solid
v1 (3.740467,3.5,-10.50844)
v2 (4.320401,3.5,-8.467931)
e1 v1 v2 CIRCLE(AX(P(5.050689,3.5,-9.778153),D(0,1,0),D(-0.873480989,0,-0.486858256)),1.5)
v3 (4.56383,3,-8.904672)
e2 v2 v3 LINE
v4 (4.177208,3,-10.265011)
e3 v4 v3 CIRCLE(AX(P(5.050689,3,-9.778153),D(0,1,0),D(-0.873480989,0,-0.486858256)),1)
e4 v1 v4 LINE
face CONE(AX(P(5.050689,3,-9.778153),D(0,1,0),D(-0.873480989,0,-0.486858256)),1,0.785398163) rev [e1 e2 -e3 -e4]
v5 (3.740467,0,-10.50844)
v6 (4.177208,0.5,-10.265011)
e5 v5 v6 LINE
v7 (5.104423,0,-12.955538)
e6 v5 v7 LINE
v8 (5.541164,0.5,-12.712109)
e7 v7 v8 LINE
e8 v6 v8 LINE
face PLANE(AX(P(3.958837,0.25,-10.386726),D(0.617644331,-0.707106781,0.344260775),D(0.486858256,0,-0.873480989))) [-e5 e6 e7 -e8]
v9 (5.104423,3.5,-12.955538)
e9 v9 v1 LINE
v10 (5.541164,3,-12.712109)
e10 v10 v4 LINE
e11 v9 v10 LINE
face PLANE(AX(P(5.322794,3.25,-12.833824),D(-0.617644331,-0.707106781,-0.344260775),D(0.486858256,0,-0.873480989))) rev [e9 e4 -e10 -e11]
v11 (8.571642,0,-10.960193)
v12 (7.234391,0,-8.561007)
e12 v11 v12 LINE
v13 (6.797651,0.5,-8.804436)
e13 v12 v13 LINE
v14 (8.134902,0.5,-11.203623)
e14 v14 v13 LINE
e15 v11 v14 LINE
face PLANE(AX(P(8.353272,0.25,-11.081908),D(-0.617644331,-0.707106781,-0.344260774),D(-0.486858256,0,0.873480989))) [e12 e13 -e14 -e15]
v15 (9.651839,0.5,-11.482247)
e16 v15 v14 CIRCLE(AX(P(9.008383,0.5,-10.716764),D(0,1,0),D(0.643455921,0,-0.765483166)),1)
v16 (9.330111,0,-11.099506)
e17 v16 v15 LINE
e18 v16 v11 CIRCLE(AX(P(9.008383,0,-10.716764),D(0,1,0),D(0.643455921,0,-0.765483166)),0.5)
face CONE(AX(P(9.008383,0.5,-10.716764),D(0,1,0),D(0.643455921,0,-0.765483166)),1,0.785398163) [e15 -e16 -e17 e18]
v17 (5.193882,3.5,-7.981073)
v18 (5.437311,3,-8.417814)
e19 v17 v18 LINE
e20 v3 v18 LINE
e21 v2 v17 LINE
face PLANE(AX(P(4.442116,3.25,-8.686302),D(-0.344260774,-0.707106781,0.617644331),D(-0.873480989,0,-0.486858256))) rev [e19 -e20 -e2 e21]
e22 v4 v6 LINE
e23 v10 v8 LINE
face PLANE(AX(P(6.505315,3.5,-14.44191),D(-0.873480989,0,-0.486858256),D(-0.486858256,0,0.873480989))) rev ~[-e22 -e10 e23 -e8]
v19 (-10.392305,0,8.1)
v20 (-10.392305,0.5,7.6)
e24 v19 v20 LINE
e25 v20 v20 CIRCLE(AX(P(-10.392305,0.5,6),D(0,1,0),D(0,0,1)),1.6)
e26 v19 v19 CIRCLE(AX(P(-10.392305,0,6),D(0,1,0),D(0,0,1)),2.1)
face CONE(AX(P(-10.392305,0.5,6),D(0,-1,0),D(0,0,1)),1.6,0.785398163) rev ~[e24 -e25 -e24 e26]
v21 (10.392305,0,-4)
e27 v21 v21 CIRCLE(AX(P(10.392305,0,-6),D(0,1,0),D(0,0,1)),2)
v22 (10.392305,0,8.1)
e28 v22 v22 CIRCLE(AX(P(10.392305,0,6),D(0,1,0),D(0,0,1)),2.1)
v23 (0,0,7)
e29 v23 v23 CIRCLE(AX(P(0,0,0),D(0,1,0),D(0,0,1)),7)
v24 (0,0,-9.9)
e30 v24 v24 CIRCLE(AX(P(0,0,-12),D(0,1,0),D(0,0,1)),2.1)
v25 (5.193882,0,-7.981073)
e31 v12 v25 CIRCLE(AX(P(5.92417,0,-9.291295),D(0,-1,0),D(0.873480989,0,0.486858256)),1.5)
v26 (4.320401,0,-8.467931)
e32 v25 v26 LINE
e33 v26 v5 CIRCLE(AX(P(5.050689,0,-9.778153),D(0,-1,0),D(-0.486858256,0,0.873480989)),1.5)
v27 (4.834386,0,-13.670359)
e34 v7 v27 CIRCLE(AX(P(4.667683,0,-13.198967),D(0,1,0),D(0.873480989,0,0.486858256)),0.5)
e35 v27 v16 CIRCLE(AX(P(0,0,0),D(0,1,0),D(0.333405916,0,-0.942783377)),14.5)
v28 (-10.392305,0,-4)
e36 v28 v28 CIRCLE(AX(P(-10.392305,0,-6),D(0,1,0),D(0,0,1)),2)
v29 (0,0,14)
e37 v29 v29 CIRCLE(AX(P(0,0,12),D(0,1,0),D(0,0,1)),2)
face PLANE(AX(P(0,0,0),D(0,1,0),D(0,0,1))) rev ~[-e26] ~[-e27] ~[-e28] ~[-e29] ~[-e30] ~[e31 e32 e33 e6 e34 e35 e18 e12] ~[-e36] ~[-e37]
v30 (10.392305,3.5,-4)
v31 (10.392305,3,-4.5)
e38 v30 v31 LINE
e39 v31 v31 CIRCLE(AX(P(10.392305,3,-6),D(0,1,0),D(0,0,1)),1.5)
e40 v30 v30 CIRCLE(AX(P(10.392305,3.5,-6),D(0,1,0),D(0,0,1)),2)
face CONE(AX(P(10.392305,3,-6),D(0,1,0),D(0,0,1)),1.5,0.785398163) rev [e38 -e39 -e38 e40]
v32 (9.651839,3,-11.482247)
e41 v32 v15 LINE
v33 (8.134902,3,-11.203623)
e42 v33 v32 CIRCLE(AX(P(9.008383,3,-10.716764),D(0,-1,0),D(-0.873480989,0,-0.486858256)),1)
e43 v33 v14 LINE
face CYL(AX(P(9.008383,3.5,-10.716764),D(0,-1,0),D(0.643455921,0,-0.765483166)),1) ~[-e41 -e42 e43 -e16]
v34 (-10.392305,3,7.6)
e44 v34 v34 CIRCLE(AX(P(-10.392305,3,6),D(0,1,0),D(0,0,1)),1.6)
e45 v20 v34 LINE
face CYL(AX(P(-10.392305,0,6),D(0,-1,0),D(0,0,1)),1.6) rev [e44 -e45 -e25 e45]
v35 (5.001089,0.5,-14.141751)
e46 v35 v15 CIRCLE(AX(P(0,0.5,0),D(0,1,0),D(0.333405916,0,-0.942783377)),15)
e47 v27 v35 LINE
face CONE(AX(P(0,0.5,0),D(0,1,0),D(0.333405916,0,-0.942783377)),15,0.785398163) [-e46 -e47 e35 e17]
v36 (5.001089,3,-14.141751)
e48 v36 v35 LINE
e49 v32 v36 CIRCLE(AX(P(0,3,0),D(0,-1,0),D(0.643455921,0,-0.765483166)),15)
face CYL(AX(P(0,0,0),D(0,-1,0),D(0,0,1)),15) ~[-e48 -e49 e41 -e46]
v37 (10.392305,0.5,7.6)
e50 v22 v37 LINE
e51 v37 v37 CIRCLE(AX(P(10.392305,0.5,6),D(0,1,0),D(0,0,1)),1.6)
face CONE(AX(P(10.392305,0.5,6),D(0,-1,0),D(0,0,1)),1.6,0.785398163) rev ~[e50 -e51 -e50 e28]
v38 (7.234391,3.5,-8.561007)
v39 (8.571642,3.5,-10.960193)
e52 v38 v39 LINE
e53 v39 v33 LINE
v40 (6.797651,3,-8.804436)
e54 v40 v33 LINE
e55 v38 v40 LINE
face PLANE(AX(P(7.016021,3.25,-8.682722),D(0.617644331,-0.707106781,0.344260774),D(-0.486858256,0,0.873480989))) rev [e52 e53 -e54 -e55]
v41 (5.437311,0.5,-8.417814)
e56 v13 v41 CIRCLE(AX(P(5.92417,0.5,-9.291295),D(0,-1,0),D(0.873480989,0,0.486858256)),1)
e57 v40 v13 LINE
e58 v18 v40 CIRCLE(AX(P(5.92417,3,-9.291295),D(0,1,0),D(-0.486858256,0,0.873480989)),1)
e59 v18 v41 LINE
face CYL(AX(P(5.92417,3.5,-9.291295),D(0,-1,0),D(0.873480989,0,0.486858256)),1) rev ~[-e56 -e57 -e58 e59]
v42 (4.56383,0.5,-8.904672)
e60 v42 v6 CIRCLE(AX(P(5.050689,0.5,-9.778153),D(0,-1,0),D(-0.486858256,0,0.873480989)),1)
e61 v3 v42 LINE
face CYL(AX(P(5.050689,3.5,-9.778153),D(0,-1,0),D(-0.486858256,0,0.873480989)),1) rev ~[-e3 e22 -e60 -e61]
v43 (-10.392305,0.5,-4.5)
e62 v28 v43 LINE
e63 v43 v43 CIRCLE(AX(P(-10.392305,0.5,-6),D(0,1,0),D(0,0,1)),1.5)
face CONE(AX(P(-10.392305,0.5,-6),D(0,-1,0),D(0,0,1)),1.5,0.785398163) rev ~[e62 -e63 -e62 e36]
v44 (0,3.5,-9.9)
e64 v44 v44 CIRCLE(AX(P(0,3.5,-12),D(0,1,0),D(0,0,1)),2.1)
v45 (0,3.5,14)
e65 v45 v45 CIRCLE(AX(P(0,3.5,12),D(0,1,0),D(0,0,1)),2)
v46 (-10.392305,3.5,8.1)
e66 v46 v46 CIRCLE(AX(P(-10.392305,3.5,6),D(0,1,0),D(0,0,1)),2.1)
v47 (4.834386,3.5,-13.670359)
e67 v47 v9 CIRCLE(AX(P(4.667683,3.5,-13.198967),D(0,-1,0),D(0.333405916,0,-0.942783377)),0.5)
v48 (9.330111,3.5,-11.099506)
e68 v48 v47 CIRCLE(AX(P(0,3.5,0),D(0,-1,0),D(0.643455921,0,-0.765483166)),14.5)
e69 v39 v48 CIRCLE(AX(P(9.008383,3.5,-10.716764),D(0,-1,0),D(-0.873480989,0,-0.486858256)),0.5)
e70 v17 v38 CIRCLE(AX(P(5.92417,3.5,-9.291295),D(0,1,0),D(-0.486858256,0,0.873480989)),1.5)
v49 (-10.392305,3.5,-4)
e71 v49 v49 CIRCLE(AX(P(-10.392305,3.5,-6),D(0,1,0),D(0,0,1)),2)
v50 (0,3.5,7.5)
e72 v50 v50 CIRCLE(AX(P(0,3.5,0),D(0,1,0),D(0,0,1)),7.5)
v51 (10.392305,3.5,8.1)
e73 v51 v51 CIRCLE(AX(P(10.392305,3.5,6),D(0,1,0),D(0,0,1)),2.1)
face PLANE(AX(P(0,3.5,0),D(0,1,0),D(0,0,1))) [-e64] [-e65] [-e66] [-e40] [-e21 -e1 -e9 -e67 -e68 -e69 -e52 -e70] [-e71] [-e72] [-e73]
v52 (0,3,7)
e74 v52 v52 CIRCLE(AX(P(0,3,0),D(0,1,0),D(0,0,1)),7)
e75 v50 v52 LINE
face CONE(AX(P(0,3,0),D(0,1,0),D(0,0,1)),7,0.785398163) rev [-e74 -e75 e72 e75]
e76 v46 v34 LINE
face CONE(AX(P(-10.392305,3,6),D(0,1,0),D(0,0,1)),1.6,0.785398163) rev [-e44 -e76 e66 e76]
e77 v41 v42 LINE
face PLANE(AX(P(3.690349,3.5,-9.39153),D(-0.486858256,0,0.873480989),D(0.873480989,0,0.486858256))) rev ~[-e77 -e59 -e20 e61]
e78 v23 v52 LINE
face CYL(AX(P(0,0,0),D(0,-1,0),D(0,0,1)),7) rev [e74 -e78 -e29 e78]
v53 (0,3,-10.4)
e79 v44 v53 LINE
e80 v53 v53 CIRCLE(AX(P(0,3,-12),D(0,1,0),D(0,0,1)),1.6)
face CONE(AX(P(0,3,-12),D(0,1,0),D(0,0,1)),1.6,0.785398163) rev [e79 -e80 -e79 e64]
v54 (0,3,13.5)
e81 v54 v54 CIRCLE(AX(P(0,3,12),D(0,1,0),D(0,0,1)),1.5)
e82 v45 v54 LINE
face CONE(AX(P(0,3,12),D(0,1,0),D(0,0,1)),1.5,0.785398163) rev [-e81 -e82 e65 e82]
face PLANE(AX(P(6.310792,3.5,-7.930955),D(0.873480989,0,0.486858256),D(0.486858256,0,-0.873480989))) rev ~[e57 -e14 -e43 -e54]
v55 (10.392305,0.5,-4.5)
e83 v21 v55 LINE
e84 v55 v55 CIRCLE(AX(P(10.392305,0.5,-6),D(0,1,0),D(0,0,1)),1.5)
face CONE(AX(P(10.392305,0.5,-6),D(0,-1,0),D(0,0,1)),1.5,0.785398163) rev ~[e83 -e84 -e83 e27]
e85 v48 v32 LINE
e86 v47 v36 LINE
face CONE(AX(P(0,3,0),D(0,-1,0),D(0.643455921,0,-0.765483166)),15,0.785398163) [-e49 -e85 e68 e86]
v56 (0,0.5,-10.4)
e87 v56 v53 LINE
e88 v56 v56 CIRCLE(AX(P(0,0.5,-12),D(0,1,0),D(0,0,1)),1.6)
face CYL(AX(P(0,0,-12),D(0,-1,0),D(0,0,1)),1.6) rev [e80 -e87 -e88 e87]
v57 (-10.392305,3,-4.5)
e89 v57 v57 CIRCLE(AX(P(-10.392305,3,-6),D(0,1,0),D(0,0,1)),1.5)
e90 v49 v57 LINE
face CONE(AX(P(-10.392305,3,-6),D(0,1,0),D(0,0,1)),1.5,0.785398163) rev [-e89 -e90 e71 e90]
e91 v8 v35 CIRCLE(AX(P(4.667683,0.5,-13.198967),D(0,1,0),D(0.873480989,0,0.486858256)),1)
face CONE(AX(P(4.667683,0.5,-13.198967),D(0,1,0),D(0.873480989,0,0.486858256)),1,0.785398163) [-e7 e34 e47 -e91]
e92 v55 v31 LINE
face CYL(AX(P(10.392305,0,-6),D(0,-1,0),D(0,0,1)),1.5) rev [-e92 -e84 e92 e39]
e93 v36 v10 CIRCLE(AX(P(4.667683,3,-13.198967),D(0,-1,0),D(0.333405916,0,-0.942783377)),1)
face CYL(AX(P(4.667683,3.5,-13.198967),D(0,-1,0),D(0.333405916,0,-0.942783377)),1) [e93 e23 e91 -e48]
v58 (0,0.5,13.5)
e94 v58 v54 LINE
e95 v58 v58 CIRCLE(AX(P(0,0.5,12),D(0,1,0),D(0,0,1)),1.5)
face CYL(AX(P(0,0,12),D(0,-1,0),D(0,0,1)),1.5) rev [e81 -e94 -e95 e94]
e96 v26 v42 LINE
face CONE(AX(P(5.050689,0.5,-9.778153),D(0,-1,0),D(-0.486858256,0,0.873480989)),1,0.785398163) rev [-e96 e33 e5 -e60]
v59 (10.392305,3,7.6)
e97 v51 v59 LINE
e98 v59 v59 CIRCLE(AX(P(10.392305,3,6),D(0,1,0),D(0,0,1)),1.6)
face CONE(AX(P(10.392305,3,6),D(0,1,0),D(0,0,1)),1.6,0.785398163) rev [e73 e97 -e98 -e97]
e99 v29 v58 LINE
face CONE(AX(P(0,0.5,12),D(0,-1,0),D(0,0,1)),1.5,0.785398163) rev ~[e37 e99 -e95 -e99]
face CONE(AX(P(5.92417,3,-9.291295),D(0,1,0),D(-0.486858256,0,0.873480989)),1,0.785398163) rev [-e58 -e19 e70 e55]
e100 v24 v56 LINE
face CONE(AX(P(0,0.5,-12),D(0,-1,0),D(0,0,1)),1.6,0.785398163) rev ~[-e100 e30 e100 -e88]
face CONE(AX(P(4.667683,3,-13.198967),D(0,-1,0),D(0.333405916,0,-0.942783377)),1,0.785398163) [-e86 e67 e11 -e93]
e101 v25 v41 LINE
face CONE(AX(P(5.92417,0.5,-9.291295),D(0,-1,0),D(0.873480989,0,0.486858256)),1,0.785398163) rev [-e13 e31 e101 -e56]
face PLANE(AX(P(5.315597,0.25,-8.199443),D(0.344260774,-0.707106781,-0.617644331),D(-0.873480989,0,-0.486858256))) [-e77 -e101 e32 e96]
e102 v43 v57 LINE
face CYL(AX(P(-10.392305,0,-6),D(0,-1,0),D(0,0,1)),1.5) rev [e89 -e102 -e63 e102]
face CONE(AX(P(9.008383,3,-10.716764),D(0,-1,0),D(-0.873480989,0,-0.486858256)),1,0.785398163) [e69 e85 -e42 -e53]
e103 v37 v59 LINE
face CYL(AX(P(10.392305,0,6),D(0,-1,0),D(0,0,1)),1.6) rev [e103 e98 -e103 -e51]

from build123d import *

# Parameters (mm, degrees)
SKETCH_1_R          = 15
SKETCH_1_R_2        = 1.6
SKETCH_1_R_3        = 1.5
SKETCH_1_R_4        = 7
EXTRUDE_1_DEPTH     = 3.5
CUT_EXTRUDE_1_DEPTH = 8
FILLET_1_R          = 1
FILLET_2_R          = 1
CHAMFER_1_SIZE      = 0.5


with BuildPart() as part:
    # 草图1 → 凸台-拉伸1 (new body)
    with BuildSketch(Plane(origin=(0, 0, 0), x_dir=(1, 0, 0), z_dir=(0, 1, 0))):
        with Locations(Location((0, 0, 0), (0, 0, 270))):
            Circle(SKETCH_1_R)
        with Locations(Location((0, 12, 0), (0, 0, 270))):
            Circle(SKETCH_1_R_2, mode=Mode.SUBTRACT)
        with Locations(Location((10.392304845, -6, 0), (0, 0, 270))):
            Circle(SKETCH_1_R_2, mode=Mode.SUBTRACT)
        with Locations(Location((-10.392304845, -6, 0), (0, 0, 270))):
            Circle(SKETCH_1_R_2, mode=Mode.SUBTRACT)
        with Locations(Location((10.392304845, 6, 0), (0, 0, 270))):
            Circle(SKETCH_1_R_3, mode=Mode.SUBTRACT)
        with Locations(Location((0, -12, 0), (0, 0, 270))):
            Circle(SKETCH_1_R_3, mode=Mode.SUBTRACT)
        with Locations(Location((-10.392304845, 6, 0), (0, 0, 270))):
            Circle(SKETCH_1_R_3, mode=Mode.SUBTRACT)
        with Locations(Location((0, 0, 0), (0, 0, 270))):
            Circle(SKETCH_1_R_4, mode=Mode.SUBTRACT)
    extrude(amount=EXTRUDE_1_DEPTH)

    # 草图2 → 切除-拉伸1 (cut)
    with BuildSketch(Plane(origin=(0, 3.5, 0), x_dir=(1, 0, 0), z_dir=(0, 1, 0))):
        Polygon((3.690349309, 9.391530065), (6.310792277, 7.930955296), (9.125758213, 12.981335358), (6.505315246, 14.441910127), align=None)
    extrude(amount=-CUT_EXTRUDE_1_DEPTH, mode=Mode.SUBTRACT)

    # 圆角1
    fillet_1_edges = [part.edges().sort_by_distance(p)[0] for p in [
        (8.700707091, 1.75, -12.218743639),
        (6.095052455, 1.75, -13.705850414),
    ]]
    fillet(fillet_1_edges, radius=FILLET_1_R)

    # 圆角2
    fillet_2_edges = [part.edges().sort_by_distance(p)[0] for p in [
        (6.310792277, 1.75, -7.930955296),
        (3.690349309, 1.75, -9.391530065),
    ]]
    fillet(fillet_2_edges, radius=FILLET_2_R)

    # 倒角1
    chamfer_1_edges = [part.edges().sort_by_distance(p)[0] for p in [
        (10.392304845, 0, 4.4),
        (10.392304845, 3.5, 4.4),
        (-10.392304845, 0, 4.4),
        (-10.392304845, 3.5, 4.4),
        (0, 3.5, -7),
        (0, 0, 10.5),
        (0, 3.5, 10.5),
        (-10.392304845, 0, -7.5),
        (-10.392304845, 3.5, -7.5),
        (0, 0, -13.6),
        (0, 3.5, -13.6),
        (-7.446160806, 3.5, 13.021316725),
        (-7.446160806, 0, 13.021316725),
        (4.859185687, 3.5, -11.488560036),
        (5.603157458, 3.5, -13.552361106),
        (8.827728967, 3.5, -11.700311046),
        (4.859185687, 0, -11.488560036),
        (5.603157458, 0, -13.552361106),
        (8.827728967, 0, -11.700311046),
        (7.466276221, 3.5, -10.004029432),
        (7.466276221, 0, -10.004029432),
        (5.000570793, 3.5, -8.661242681),
        (5.000570793, 0, -8.661242681),
        (6.1975531, 3.5, -8.329389436),
        (6.1975531, 0, -8.329389436),
        (4.08878345, 3.5, -9.504769242),
        (4.08878345, 0, -9.504769242),
        (10.392304845, 0, -7.5),
        (10.392304845, 3.5, -7.5),
    ]]
    chamfer(chamfer_1_edges, length=CHAMFER_1_SIZE)


solid = part.part
